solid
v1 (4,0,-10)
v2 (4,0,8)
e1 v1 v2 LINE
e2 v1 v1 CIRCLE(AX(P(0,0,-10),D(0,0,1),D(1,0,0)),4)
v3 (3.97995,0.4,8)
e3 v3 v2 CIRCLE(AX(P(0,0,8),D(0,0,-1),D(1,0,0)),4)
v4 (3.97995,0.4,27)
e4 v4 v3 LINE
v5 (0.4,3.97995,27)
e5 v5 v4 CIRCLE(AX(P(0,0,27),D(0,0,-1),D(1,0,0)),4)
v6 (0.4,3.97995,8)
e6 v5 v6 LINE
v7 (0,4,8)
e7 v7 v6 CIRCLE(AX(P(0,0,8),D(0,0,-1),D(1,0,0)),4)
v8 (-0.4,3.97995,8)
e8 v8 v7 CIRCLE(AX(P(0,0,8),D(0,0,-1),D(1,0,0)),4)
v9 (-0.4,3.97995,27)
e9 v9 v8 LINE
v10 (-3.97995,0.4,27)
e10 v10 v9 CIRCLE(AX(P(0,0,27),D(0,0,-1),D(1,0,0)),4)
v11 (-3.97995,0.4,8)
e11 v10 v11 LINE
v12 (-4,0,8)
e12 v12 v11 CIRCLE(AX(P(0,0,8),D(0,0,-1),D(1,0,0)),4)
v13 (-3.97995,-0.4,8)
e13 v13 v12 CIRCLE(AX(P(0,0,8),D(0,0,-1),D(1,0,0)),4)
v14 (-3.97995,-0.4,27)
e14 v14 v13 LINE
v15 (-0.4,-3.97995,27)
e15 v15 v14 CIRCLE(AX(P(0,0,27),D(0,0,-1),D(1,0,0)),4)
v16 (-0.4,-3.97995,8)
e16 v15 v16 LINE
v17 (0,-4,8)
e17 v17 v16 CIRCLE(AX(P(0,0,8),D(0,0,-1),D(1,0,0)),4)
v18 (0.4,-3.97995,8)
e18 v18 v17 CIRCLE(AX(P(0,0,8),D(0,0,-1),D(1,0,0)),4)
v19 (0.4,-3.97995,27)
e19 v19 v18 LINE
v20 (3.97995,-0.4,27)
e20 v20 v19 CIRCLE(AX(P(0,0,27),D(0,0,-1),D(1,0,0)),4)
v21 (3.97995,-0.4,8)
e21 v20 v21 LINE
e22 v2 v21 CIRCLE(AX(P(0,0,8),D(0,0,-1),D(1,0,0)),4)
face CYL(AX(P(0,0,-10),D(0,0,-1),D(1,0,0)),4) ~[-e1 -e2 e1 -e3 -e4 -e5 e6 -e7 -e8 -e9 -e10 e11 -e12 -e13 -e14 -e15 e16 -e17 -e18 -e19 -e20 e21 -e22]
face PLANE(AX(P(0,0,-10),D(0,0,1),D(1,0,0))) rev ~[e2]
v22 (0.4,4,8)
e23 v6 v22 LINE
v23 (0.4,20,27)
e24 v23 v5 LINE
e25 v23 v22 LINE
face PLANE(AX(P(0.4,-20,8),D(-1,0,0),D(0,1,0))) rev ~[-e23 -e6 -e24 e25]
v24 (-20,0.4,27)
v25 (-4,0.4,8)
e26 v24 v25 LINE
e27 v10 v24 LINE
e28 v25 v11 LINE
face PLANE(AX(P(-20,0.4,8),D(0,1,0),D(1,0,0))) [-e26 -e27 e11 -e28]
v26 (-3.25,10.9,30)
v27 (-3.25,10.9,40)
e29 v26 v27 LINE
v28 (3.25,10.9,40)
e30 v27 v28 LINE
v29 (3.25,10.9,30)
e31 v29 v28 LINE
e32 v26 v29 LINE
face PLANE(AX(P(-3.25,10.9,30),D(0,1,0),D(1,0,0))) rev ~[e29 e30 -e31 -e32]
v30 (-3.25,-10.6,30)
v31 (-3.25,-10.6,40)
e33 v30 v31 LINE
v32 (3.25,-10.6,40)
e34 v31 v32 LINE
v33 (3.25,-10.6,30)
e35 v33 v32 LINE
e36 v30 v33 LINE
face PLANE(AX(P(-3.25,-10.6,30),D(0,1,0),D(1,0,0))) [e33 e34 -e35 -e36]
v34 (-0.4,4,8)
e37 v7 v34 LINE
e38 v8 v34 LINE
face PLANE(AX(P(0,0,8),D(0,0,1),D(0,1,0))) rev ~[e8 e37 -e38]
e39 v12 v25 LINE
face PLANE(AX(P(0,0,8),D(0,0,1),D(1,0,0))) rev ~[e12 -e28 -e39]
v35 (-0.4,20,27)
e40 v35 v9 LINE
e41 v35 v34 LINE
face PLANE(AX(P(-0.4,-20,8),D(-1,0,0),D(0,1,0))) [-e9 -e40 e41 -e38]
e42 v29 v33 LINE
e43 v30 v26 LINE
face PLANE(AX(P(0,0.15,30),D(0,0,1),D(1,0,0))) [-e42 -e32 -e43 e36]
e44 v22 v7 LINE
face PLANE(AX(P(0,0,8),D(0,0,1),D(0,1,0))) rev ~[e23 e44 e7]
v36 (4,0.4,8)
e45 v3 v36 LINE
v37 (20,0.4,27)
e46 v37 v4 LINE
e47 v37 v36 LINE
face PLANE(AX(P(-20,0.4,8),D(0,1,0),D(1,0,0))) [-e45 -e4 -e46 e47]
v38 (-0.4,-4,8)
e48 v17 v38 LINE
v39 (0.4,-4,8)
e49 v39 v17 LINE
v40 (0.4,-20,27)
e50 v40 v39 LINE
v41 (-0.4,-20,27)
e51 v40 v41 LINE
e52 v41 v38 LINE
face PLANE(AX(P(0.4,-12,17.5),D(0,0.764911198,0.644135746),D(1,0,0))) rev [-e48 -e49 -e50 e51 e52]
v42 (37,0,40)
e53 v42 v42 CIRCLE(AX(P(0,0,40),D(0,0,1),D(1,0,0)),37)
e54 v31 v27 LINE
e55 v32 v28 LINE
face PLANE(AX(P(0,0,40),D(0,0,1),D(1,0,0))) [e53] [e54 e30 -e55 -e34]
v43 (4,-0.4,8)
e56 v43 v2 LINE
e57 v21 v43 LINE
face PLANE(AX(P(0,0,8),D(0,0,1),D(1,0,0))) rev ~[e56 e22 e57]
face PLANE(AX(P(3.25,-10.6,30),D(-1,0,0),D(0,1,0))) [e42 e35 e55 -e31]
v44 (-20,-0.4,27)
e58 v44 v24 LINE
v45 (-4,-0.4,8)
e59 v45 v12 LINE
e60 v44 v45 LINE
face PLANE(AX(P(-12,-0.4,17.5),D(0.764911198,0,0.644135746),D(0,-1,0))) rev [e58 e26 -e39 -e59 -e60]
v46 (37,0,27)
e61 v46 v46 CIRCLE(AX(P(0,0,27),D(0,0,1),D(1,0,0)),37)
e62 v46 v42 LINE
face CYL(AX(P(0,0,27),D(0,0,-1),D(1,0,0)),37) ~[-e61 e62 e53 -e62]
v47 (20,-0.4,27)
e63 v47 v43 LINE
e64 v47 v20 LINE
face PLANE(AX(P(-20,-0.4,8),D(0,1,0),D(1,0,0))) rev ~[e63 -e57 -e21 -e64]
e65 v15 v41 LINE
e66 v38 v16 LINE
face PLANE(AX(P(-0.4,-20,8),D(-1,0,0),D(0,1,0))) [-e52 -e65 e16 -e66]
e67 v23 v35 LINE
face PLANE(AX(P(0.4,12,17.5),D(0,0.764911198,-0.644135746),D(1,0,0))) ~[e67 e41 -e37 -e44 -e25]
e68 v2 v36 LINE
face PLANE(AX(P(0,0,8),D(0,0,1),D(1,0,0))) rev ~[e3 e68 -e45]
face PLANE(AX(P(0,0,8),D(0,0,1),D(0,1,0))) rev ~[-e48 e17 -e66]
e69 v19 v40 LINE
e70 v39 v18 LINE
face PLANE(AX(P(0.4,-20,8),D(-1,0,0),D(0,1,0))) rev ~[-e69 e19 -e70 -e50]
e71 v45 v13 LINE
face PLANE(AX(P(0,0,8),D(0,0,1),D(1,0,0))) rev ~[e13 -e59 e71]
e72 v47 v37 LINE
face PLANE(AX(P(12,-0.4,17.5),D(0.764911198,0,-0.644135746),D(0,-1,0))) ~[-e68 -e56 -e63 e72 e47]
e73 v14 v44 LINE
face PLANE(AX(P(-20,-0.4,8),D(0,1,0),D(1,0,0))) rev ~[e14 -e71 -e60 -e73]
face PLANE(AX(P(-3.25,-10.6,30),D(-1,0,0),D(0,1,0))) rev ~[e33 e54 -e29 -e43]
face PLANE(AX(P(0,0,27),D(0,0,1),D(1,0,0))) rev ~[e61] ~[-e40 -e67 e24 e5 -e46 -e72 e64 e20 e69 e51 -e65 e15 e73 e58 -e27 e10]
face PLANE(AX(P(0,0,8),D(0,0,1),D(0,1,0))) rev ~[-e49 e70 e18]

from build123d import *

# Parameters (mm, degrees)
CYLINDER_R                 = 4
CYLINDER_DEPTH             = 40
BOX002_W                   = 40
BOX002_H                   = 0.8
BOX002_DEPTH               = 20
CHAMFER_1_SIZE2            = 16
CHAMFER_1_SIZE             = 19
CHAMFER_2_SIZE2            = 16
CHAMFER_2_SIZE             = 19
BOX003_W                   = 40
BOX003_H                   = 0.8
BOX003_DEPTH               = 20
CHAMFER001_1_SIZE2         = 16
CHAMFER001_1_SIZE          = 19
CHAMFER001_2_SIZE2         = 16
CHAMFER001_2_SIZE          = 19
CHAMFER001_PLACEMENT_ANGLE = 90
BOX001_W                   = 6.5
BOX001_H                   = 21.5
BOX001_DEPTH               = 10
CYLINDER002_R              = 37
CYLINDER002_DEPTH          = 13


with BuildPart() as cilinder:
    # Cylinder → Cylinder (new body)
    with BuildSketch(Plane.XY.offset(-10)):
        Circle(CYLINDER_R)
    extrude(amount=CYLINDER_DEPTH)


with BuildPart() as chamfer_body:
    # Box002 → Box002 (new body)
    with BuildSketch(Plane(origin=(-20, -0.4, 8), x_dir=(1, 0, 0), z_dir=(0, 0, 1))):
        with Locations((20, 0.4)):
            Rectangle(BOX002_W, BOX002_H)
    extrude(amount=BOX002_DEPTH)

    # Chamfer 1
    chamfer_1_edges = [chamfer_body.edges().sort_by_distance(p)[0] for p in [
        (20, 0, 8),
    ]]
    chamfer_1_side = chamfer_body.faces().sort_by_distance((20, 0, 18))[0]
    chamfer(chamfer_1_edges, length=CHAMFER_1_SIZE, length2=CHAMFER_1_SIZE2, reference=chamfer_1_side)

    # Chamfer 2
    chamfer_2_edges = [chamfer_body.edges().sort_by_distance(p)[0] for p in [
        (-20, 0, 8),
    ]]
    chamfer_2_side = chamfer_body.faces().sort_by_distance((-20, 0, 18))[0]
    chamfer(chamfer_2_edges, length=CHAMFER_2_SIZE, length2=CHAMFER_2_SIZE2, reference=chamfer_2_side)


with BuildPart() as chamfer001:
    # Box003 → Box003 (new body)
    with BuildSketch(Plane(origin=(-20, -0.4, 8), x_dir=(1, 0, 0), z_dir=(0, 0, 1))):
        with Locations((20, 0.4)):
            Rectangle(BOX003_W, BOX003_H)
    extrude(amount=BOX003_DEPTH)

    # Chamfer001 1
    chamfer001_1_edges = [chamfer001.edges().sort_by_distance(p)[0] for p in [
        (20, 0, 8),
    ]]
    chamfer001_1_side = chamfer001.faces().sort_by_distance((20, 0, 18))[0]
    chamfer(chamfer001_1_edges, length=CHAMFER001_1_SIZE, length2=CHAMFER001_1_SIZE2, reference=chamfer001_1_side)

    # Chamfer001 2
    chamfer001_2_edges = [chamfer001.edges().sort_by_distance(p)[0] for p in [
        (-20, 0, 8),
    ]]
    chamfer001_2_side = chamfer001.faces().sort_by_distance((-20, 0, 18))[0]
    chamfer(chamfer001_2_edges, length=CHAMFER001_2_SIZE, length2=CHAMFER001_2_SIZE2, reference=chamfer001_2_side)


with BuildPart() as chamfer001_1:
    # Chamfer001 placement: moved
    add(chamfer001.part.rotate(Axis((0, 0, 0), (0, 0, 1)), CHAMFER001_PLACEMENT_ANGLE))


with BuildPart() as kubus001:
    # Box001 → Box001 (new body)
    with BuildSketch(Plane(origin=(-3.25, -10.6, 30), x_dir=(1, 0, 0), z_dir=(0, 0, 1))):
        with Locations((3.25, 10.75)):
            Rectangle(BOX001_W, BOX001_H)
    extrude(amount=BOX001_DEPTH)


with BuildPart() as drijver:
    # Cylinder002 → Cylinder002 (new body)
    with BuildSketch(Plane.XY.offset(27)):
        Circle(CYLINDER002_R)
    extrude(amount=CYLINDER002_DEPTH)

    # Cut: cut Kubus001
    add(kubus001.part, mode=Mode.SUBTRACT)

    # Fusion: union Cilinder, Chamfer body, Chamfer001
    add(cilinder.part)
    add(chamfer_body.part)
    add(chamfer001_1.part)


solid = drijver.part
